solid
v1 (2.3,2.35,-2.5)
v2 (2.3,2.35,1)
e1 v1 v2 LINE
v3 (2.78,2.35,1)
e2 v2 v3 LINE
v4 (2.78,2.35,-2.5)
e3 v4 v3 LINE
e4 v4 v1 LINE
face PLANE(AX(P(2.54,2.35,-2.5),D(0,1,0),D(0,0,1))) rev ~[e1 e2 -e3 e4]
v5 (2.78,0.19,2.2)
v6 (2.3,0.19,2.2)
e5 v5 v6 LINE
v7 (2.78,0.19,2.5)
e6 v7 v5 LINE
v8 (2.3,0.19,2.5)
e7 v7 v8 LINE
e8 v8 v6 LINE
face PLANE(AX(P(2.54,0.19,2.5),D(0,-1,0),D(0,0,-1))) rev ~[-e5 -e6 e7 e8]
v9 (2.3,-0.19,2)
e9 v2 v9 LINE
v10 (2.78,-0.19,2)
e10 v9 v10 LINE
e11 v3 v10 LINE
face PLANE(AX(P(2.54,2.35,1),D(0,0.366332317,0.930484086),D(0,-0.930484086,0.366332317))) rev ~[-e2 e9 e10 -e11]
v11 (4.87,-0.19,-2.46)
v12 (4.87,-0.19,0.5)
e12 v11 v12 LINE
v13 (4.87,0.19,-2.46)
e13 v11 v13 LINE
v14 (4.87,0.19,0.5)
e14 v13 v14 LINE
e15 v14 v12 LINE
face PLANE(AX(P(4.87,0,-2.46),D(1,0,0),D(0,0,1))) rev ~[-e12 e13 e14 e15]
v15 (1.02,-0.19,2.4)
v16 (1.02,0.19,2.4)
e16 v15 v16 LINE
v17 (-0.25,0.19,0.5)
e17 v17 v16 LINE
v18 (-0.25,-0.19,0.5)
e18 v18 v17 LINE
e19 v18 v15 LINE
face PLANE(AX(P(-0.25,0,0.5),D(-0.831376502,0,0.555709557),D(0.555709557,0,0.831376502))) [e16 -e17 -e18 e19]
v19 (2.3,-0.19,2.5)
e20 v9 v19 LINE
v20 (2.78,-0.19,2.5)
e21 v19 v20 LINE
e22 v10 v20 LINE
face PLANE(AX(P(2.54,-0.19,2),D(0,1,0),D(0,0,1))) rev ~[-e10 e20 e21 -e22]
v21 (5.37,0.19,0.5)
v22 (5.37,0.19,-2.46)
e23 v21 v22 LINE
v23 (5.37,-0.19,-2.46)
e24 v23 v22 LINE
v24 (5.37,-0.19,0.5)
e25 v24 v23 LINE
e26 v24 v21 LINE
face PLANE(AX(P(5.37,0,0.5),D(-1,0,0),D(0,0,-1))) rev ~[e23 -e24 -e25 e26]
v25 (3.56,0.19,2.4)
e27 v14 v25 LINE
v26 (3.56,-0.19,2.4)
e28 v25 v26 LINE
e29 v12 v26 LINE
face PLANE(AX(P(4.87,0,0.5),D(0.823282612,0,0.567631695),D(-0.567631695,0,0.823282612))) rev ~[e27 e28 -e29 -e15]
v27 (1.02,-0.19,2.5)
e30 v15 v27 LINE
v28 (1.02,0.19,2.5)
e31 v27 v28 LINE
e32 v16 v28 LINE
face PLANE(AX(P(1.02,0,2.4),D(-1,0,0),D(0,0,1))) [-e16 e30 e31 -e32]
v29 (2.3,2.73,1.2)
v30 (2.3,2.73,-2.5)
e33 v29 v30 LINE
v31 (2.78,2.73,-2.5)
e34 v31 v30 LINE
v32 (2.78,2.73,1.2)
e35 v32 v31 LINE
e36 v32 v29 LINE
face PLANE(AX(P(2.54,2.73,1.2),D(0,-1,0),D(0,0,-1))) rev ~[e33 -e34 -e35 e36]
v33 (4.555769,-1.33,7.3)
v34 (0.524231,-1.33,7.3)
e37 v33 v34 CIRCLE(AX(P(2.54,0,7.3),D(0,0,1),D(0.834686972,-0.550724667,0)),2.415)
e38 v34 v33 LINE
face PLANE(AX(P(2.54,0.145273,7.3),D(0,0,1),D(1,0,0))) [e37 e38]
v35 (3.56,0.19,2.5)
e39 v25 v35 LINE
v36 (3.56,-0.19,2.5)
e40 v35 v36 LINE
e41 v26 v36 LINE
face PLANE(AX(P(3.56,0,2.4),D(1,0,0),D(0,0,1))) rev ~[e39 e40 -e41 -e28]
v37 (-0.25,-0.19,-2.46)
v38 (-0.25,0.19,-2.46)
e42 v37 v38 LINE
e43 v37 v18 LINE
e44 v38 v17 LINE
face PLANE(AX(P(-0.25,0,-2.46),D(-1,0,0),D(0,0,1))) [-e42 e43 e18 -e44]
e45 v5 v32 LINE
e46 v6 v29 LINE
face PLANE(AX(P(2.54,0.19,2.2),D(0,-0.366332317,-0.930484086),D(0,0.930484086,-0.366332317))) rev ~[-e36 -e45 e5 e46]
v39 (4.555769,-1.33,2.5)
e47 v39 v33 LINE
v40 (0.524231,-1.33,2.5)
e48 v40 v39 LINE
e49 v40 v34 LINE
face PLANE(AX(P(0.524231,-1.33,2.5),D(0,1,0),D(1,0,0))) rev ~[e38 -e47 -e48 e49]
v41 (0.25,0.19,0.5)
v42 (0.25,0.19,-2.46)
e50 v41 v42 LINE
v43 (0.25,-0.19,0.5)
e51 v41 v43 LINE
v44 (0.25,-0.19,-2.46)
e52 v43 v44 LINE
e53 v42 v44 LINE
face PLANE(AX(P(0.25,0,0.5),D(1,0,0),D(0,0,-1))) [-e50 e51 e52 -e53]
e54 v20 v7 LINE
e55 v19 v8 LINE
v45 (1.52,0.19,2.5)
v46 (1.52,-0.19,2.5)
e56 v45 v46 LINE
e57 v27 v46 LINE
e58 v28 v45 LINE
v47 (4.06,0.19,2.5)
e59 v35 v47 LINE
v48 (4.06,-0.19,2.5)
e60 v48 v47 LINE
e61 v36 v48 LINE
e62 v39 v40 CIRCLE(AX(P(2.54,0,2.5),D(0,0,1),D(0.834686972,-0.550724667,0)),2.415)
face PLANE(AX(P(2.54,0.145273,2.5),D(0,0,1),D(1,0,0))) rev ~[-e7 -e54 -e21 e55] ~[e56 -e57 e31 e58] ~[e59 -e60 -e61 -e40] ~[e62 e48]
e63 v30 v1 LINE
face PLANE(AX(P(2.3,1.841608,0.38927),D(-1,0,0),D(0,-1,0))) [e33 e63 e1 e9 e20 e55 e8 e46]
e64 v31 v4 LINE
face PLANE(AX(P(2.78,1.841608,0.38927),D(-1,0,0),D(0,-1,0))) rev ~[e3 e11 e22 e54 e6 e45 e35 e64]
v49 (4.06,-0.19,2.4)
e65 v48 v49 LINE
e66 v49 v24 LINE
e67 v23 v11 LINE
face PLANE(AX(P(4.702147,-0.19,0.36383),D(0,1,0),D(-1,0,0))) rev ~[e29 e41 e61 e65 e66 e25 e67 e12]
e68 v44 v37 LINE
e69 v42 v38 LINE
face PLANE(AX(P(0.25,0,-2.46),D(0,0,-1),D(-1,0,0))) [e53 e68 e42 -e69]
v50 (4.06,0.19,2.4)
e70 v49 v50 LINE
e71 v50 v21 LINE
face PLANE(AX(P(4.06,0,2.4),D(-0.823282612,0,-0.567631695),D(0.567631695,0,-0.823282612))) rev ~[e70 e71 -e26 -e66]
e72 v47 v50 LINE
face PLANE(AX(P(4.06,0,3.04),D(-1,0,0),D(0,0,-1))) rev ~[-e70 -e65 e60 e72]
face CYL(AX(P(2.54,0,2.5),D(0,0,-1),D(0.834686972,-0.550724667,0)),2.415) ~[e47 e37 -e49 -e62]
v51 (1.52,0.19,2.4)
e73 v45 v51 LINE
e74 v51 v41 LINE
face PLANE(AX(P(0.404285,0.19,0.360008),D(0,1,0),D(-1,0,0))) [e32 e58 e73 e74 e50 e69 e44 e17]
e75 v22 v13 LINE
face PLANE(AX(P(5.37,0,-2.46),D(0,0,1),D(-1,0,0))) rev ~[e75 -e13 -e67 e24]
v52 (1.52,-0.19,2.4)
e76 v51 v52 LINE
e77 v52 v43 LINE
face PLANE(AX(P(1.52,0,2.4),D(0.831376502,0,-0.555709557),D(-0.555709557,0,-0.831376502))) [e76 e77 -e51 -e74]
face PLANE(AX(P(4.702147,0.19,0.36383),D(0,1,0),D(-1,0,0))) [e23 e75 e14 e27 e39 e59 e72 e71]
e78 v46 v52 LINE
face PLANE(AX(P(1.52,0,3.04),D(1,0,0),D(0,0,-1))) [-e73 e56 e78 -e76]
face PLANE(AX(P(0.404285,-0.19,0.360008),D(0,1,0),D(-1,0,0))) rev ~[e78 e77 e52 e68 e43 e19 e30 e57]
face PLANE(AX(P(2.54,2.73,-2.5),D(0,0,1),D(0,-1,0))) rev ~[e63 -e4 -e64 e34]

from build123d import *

# Parameters (mm, degrees)
PAD001_DEPTH = 0.19
PAD_DEPTH    = 4.8
PAD002_DEPTH = 0.24


with BuildPart() as pad001:
    # Sketch001 → Pad001 (new body, symmetric)
    with BuildSketch(Plane.XZ):
        Polygon((0.25, -2.46), (-0.25, -2.46), (-0.25, 0.5), (1.02, 2.4), (1.02, 3.04), (1.52, 3.04), (1.52, 2.4), (0.25, 0.5), align=None)
        Polygon((3.56, 3.04), (4.06, 3.04), (4.06, 2.4), (5.37, 0.5), (5.37, -2.46), (4.87, -2.46), (4.87, 0.5), (3.56, 2.4), align=None)
    extrude(amount=PAD001_DEPTH, both=True)


with BuildPart() as pad:
    # Sketch → Pad (new body)
    with BuildSketch(Plane.XY.offset(2.5)):
        with BuildLine():
            Line((0.524231, -1.33), (4.555769, -1.33))
            ThreePointArc((4.555769, -1.33), (2.54, 2.415), (0.524231, -1.33))
        make_face()
    extrude(amount=PAD_DEPTH)


with BuildPart() as to_92_wide:
    # Sketch002 → Pad002 (new body, symmetric)
    with BuildSketch(Plane.YZ.offset(2.54)):
        Polygon((-0.19, 2.5), (0.19, 2.5), (0.19, 2.2), (2.73, 1.2), (2.73, -2.5), (2.35, -2.5), (2.35, 1), (-0.19, 2), align=None)
    extrude(amount=PAD002_DEPTH, both=True)

    # Pad002_mp_cp: union Pad001, Pad
    add(pad001.part)
    add(pad.part)


solid = to_92_wide.part
